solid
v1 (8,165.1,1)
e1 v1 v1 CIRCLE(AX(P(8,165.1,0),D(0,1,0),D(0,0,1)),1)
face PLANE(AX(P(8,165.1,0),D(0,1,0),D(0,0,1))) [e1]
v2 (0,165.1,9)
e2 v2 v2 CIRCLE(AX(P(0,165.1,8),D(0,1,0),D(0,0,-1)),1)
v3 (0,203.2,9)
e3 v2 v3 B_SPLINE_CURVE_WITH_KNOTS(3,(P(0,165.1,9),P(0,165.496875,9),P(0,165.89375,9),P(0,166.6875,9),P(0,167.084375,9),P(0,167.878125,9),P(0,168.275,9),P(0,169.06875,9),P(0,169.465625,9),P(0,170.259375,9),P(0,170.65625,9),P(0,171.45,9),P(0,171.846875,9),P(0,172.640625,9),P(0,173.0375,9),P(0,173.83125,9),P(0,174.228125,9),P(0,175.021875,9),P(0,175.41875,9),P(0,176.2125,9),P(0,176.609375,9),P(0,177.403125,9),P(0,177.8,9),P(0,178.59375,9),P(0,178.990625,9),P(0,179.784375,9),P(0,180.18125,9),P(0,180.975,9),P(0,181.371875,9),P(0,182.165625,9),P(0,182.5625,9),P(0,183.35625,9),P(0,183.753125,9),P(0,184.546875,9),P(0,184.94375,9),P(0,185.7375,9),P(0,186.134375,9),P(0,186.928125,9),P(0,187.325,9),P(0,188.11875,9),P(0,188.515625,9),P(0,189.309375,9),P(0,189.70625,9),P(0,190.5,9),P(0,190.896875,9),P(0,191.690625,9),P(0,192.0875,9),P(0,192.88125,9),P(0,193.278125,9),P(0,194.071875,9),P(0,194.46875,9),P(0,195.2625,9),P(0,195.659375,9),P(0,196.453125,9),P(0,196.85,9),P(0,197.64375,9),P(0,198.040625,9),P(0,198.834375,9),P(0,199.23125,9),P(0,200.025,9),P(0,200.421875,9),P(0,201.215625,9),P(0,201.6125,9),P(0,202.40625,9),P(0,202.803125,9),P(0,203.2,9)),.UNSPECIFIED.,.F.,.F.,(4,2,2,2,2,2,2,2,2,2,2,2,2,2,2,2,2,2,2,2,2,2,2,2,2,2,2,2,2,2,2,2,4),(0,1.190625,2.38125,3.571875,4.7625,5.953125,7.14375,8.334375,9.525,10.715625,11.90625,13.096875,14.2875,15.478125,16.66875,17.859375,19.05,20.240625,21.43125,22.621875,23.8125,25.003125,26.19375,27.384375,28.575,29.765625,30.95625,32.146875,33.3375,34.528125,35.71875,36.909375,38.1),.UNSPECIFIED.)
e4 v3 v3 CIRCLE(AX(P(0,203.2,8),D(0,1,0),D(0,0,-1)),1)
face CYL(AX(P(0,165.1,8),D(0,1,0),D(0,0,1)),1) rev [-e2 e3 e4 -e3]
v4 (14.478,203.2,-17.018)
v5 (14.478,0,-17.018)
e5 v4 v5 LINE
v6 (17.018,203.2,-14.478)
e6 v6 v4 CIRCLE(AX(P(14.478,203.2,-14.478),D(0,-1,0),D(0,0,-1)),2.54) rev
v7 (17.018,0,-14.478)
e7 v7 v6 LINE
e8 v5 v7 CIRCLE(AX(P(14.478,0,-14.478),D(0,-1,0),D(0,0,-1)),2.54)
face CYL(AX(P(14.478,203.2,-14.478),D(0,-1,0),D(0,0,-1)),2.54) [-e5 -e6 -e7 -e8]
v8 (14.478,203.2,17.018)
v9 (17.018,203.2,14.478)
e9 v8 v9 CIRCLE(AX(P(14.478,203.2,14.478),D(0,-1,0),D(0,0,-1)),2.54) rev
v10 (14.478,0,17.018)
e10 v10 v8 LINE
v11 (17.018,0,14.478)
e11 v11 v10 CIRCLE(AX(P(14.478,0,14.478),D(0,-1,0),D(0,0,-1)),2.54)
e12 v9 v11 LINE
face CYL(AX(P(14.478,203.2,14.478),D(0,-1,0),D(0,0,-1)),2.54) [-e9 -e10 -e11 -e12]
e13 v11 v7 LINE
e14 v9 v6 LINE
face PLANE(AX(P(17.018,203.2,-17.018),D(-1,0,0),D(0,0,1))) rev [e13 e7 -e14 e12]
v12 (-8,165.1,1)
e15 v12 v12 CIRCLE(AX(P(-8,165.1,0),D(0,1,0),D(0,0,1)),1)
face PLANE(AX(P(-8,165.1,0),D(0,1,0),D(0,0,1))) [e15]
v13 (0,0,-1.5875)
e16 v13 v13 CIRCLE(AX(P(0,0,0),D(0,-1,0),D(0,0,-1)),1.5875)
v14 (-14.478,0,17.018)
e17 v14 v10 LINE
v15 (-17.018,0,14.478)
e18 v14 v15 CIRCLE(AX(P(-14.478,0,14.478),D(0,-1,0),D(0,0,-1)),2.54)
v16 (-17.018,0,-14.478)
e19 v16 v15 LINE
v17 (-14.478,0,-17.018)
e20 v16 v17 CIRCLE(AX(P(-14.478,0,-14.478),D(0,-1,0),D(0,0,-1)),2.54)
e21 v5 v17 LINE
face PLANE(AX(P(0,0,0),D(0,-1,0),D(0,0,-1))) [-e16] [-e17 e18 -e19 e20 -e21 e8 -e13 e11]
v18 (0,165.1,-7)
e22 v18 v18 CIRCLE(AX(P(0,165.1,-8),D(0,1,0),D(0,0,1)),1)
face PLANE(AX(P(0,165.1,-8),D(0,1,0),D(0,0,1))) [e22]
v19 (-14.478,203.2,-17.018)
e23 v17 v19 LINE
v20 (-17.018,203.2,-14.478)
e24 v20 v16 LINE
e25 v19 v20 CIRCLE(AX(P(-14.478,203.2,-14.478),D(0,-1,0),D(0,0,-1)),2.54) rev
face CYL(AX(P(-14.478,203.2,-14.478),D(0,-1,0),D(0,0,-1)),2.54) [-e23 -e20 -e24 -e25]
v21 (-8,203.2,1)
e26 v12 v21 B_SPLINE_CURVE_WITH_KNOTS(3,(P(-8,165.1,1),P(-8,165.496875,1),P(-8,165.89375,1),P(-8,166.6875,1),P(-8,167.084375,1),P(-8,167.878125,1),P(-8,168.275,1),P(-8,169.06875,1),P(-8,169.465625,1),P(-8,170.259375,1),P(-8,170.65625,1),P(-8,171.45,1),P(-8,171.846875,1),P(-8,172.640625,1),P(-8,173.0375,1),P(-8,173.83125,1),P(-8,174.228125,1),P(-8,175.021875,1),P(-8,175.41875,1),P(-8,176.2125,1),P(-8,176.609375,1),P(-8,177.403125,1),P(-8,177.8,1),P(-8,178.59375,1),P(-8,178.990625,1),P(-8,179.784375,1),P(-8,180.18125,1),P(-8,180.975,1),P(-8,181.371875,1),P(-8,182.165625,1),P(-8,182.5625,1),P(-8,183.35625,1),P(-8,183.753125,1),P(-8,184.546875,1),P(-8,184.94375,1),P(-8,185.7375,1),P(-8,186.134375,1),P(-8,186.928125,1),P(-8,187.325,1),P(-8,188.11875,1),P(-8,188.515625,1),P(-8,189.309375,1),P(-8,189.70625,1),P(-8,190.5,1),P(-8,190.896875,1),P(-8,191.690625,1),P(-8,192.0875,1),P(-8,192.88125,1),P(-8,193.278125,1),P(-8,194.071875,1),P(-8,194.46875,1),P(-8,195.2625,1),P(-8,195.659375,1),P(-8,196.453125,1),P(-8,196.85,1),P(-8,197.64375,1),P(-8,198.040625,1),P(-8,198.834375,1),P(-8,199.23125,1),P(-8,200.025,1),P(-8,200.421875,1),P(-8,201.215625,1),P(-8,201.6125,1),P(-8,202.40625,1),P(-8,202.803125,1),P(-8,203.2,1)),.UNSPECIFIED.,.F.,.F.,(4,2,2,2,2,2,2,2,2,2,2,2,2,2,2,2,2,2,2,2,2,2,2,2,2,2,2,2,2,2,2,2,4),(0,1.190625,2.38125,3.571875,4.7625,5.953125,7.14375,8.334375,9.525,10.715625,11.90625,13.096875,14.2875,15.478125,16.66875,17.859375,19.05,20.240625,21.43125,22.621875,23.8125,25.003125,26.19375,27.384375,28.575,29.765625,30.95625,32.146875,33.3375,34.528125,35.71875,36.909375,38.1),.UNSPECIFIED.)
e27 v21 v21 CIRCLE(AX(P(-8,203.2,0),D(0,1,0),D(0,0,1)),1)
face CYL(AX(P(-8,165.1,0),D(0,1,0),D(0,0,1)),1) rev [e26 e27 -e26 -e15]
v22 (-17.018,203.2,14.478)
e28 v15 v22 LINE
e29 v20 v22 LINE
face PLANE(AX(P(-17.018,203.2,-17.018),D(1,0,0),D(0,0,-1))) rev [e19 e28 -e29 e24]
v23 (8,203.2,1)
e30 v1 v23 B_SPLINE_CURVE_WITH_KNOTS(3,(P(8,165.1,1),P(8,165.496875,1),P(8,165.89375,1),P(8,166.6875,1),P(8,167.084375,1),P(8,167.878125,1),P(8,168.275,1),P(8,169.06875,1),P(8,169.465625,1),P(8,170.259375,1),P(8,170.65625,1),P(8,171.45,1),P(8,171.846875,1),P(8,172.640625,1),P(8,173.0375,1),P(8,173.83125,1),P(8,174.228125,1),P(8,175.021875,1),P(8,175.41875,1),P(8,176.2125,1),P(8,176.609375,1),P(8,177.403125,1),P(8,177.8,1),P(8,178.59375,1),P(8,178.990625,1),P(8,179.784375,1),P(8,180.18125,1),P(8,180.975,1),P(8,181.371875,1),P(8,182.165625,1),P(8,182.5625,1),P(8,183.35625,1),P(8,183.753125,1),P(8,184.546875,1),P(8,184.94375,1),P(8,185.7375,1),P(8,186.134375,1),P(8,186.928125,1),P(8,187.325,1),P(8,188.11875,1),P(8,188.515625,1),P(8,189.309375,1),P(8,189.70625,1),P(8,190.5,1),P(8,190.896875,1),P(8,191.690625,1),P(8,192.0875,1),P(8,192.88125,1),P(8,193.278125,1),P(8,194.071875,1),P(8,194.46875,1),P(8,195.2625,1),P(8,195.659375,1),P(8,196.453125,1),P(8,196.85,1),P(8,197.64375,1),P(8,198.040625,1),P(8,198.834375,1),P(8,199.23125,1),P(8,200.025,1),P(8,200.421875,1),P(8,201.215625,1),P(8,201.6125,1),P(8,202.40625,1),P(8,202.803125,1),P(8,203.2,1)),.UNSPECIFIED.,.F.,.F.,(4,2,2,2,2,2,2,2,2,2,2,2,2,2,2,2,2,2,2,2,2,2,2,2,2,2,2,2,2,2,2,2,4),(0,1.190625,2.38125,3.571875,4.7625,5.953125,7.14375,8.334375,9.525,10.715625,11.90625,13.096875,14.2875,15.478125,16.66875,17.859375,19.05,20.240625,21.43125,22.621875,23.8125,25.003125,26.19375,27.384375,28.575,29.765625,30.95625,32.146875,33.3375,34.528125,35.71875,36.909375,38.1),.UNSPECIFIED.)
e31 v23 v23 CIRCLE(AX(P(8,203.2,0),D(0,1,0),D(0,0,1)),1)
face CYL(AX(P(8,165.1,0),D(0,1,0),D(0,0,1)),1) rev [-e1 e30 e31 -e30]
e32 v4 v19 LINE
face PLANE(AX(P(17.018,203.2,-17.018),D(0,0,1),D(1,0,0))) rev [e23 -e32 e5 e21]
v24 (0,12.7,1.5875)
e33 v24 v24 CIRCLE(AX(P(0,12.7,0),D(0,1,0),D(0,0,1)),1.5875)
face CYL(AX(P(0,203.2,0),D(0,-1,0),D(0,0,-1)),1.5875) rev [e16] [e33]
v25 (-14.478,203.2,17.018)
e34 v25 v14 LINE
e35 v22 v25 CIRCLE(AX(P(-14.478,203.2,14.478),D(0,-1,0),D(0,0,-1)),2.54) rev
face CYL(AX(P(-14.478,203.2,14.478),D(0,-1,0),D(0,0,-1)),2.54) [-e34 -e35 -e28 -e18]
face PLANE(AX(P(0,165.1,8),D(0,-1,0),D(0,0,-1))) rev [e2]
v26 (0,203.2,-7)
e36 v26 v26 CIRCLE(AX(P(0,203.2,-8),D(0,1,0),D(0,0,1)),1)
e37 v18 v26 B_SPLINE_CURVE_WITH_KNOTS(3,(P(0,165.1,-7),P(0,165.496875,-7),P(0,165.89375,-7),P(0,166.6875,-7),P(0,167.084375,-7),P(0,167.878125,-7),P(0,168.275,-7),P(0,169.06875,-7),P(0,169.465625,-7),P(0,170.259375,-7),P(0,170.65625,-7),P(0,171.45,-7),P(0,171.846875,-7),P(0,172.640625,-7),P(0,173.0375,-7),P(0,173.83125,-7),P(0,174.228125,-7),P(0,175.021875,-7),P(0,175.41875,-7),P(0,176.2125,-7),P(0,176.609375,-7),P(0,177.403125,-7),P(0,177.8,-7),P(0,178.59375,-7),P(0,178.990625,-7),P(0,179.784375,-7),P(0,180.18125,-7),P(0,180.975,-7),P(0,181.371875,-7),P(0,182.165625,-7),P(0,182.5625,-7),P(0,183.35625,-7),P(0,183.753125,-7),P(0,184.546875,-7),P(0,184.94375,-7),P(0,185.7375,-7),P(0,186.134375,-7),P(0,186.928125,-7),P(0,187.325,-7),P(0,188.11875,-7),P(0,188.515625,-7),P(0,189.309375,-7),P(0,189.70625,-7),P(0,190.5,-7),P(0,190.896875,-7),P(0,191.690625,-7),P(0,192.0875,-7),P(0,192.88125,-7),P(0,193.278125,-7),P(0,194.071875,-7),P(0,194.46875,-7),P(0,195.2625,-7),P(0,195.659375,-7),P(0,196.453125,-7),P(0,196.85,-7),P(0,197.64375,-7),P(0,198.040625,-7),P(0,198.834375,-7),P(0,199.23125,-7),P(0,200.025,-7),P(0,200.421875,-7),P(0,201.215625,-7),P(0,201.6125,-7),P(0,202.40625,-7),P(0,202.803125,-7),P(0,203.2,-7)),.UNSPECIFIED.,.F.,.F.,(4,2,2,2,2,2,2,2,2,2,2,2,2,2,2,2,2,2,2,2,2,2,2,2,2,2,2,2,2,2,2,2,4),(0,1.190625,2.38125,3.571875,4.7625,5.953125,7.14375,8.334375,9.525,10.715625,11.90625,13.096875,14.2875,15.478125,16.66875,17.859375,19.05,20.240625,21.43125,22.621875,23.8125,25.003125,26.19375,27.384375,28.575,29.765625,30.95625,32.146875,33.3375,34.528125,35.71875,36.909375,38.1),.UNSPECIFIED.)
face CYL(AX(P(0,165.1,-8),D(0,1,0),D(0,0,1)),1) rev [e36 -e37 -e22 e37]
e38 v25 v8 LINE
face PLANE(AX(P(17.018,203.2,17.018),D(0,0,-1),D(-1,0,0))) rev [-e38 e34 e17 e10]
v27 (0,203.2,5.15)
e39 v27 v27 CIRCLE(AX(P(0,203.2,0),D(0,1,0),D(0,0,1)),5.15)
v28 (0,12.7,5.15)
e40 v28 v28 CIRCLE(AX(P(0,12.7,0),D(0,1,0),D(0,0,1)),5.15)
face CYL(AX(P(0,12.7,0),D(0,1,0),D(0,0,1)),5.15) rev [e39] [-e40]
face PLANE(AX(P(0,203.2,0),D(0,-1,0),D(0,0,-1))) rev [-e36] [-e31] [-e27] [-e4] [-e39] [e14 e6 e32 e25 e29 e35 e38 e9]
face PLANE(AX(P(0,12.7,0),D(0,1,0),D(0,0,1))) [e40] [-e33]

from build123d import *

# Parameters (mm, degrees)
SKETCH1_W           = 34.036
SKETCH1_H           = 34.036
BOSS_EXTRUDE1_DEPTH = 203.2
SKETCH2_R           = 1
CUT_EXTRUDE1_DEPTH  = 38.1
FILLET1_R           = 2.54
SKETCH3_R           = 5.15
CUT_EXTRUDE2_DEPTH  = 190.5
SKETCH4_R           = 1.5875
CUT_EXTRUDE3_DEPTH  = 205.620293832


with BuildPart() as part:
    # Sketch1 → Boss-Extrude1 (new body)
    with BuildSketch(Plane(origin=(0, 0, 0), x_dir=(1, 0, 0), z_dir=(0, 1, 0))):
        Rectangle(SKETCH1_W, SKETCH1_H)
    extrude(amount=BOSS_EXTRUDE1_DEPTH)

    # Sketch2 → Cut-Extrude1 (cut)
    with BuildSketch(Plane(origin=(0, 203.2, 0), x_dir=(1, 0, 0), z_dir=(0, 1, 0))):
        with Locations(Location((0, 8, 0), (0, 0, 270))):
            Circle(SKETCH2_R)
        with Locations(Location((0, -8, 0), (0, 0, 270))):
            Circle(SKETCH2_R)
        with Locations(Location((-8, 0, 0), (0, 0, 270))):
            Circle(SKETCH2_R)
        with Locations(Location((8, 0, 0), (0, 0, 270))):
            Circle(SKETCH2_R)
    extrude(amount=-CUT_EXTRUDE1_DEPTH, mode=Mode.SUBTRACT)

    # Fillet1
    fillet1_edges = [part.edges().sort_by_distance(p)[0] for p in [
        (-17.018, 101.6, -17.018),
        (17.018, 101.6, -17.018),
        (17.018, 101.6, 17.018),
        (-17.018, 101.6, 17.018),
    ]]
    fillet(fillet1_edges, radius=FILLET1_R)

    # Sketch3 → Cut-Extrude2 (cut)
    with BuildSketch(Plane(origin=(0, 203.2, 0), x_dir=(1, 0, 0), z_dir=(0, 1, 0))):
        with Locations(Location((0, 0, 0), (0, 0, 270))):
            Circle(SKETCH3_R)
    extrude(amount=-CUT_EXTRUDE2_DEPTH, mode=Mode.SUBTRACT)

    # Sketch4 → Cut-Extrude3 (cut, through all)
    with BuildSketch(Plane.XZ):
        with Locations(Location((0, 0, 0), (0, 0, 270))):
            Circle(SKETCH4_R)
    extrude(amount=-CUT_EXTRUDE3_DEPTH, mode=Mode.SUBTRACT)


solid = part.part
